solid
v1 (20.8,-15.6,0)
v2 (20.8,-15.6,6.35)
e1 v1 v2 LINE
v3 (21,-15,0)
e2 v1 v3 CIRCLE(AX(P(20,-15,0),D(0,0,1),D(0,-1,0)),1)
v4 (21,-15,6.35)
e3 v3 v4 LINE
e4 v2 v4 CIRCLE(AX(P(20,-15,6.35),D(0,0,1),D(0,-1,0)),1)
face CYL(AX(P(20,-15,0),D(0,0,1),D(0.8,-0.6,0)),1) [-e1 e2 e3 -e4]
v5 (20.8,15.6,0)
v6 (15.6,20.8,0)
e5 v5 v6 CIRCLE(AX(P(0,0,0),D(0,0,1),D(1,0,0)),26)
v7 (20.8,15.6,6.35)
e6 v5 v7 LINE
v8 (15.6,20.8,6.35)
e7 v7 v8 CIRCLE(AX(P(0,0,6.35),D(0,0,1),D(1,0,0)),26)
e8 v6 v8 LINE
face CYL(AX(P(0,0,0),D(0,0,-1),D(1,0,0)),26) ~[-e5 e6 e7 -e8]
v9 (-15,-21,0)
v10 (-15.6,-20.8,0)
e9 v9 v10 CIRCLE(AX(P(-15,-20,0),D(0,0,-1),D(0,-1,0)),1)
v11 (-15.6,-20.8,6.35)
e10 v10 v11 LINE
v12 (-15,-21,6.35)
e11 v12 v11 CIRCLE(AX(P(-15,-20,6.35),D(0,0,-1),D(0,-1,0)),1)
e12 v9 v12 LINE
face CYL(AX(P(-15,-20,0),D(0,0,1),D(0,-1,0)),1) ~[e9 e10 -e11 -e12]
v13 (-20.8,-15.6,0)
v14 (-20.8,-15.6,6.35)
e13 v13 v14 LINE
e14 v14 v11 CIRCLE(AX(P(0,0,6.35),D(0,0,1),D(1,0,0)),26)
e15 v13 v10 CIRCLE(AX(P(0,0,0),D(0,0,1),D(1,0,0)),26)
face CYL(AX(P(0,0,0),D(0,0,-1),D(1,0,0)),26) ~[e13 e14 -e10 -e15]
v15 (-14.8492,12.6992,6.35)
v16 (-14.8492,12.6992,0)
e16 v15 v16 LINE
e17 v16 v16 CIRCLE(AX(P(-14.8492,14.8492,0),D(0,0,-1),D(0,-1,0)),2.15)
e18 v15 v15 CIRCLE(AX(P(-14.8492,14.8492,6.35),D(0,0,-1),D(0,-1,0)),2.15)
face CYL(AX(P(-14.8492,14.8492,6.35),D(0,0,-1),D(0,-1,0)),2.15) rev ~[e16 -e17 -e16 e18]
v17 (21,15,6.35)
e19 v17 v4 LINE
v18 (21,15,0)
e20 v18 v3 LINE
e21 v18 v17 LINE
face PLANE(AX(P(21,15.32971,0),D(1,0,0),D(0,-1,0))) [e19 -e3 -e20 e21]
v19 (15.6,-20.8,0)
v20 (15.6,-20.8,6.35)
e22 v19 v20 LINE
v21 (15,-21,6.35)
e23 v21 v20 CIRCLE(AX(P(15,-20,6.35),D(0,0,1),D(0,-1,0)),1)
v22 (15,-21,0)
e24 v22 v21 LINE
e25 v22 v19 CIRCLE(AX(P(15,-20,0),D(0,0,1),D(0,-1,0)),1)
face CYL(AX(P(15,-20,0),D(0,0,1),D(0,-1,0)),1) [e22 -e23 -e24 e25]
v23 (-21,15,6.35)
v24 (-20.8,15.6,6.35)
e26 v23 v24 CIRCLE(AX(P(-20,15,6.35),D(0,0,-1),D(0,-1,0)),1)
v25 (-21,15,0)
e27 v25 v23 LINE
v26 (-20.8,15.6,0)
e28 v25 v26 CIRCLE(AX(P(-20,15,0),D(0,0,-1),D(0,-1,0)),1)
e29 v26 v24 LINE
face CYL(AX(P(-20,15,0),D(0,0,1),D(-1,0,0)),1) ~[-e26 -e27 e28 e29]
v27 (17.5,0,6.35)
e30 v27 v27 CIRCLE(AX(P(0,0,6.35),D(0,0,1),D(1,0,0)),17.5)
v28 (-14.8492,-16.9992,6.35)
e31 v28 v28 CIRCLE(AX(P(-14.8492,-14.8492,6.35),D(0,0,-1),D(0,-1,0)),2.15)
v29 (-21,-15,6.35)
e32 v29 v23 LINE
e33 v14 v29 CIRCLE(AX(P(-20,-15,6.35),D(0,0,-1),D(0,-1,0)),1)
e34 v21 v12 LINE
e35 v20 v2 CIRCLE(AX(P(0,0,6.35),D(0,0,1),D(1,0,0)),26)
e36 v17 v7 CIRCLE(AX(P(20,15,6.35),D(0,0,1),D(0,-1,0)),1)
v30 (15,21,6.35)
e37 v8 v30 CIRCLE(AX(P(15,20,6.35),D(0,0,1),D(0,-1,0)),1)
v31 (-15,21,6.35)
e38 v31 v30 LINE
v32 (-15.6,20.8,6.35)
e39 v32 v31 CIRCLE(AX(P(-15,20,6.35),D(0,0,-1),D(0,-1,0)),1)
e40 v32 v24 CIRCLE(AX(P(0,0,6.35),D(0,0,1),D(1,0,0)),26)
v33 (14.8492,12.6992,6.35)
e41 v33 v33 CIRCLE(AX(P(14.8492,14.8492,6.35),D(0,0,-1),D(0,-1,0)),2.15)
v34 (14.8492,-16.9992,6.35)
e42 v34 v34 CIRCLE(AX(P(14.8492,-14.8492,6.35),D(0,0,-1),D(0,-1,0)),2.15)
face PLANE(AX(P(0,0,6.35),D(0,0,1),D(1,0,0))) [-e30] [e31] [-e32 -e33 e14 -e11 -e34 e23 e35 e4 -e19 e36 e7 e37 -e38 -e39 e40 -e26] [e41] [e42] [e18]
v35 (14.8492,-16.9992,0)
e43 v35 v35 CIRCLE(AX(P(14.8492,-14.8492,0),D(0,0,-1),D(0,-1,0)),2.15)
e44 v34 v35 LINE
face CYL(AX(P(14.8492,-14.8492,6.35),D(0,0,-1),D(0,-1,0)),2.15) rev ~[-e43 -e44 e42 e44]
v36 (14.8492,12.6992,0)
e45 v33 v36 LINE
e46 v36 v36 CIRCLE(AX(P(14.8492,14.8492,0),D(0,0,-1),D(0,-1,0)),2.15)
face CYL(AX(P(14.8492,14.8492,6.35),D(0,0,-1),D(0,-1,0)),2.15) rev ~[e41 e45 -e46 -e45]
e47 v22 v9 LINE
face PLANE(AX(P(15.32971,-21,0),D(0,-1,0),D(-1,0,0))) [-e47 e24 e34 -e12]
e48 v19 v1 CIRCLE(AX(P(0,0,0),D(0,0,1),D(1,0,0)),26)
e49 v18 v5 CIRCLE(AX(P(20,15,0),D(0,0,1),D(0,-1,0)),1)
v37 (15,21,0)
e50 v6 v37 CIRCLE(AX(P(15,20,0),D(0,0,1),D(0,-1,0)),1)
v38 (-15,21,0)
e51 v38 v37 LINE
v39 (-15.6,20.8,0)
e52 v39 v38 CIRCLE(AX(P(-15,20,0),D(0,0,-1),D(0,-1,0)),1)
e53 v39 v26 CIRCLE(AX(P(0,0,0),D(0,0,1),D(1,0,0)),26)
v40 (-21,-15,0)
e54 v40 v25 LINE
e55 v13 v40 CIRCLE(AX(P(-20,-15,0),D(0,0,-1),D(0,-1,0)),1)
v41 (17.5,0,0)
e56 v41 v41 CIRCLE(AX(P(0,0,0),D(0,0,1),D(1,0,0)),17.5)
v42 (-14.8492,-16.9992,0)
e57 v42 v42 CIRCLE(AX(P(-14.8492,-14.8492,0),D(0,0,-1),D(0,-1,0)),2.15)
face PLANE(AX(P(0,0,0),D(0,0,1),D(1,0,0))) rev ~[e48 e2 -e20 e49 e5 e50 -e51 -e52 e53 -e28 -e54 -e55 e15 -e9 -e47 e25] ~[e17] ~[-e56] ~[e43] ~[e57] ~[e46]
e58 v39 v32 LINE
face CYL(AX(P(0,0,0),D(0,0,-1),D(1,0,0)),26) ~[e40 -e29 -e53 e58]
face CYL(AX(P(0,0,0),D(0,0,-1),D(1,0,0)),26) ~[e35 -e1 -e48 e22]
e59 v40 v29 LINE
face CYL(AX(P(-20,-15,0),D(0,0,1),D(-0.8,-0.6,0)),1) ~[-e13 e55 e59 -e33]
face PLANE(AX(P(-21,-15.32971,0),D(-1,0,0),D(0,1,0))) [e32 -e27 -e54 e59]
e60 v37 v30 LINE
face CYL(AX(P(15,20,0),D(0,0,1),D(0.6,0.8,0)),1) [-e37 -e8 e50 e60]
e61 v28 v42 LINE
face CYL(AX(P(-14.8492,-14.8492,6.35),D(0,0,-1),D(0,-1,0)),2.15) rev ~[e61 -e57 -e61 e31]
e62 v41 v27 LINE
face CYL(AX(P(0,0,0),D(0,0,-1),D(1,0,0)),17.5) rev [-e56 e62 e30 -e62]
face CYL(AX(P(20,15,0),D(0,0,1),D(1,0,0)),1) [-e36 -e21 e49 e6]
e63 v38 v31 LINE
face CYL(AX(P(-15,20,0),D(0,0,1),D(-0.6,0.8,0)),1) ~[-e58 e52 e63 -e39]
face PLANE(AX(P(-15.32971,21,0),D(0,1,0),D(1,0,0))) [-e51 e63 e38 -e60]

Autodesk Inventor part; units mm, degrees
ref_plane "YZ Plane" through (0, 0, 0) normal (1, 0, 0) x (0, 1, 0)
ref_plane "XZ Plane" through (0, 0, 0) normal (0, 1, 0) x (-1, 0, 0)
ref_plane "XY Plane" through (0, 0, 0) normal (0, 0, 1) x (1, 0, 0)
sketch "Sketch1" plane through (0, 0, 0) normal (0, 0, 1) x (1, 0, 0)
  line L0 (21, -21) -> (-21, -21)
  line L1 (-21, -21) -> (-21, 21)
  line L2 (-21, 21) -> (21, 21)
  line L3 (21, 21) -> (21, -21)
  line L4 (21, -21) -> (-21, 21) construction
  line L5 (-21, -21) -> (21, 21) construction
  circle A0 centre (0, 0) radius 17.5
  circle A1 centre (0, 0) radius 26
  line L6 (0, 0) -> (-9.5671, 23.097) construction
  line L7 (0, 0) -> (0, 21) construction
  point P0 (-15.3297, 21)
  point P1 (-21, 15.3297)
  point P2 (-21, -15.3297)
  point P3 (-15.3297, -21)
  point P4 (15.3297, -21)
  point P5 (21, -15.3297)
  point P6 (21, 15.3297)
  point P7 (15.3297, 21)
  dimension "d0" = 42
  dimension "d1" = 42
  dimension "d2" = 35
  dimension "d3" = 52
  dimension "d4" = 25
  dimension "d5" = 22.5
extrude "Extrusion1" add sketch "Sketch1" along normal blind 6.35 contours L0 A1 L1 L2 L3
sketch "Sketch2" plane through (0, 0, 6.35) normal (0, 0, 1) x (1, 0, 0)
  line L0 (14.8492, -14.8492) -> (-14.8492, -14.8492)
  line L1 (-14.8492, -14.8492) -> (-14.8492, 14.8492)
  line L2 (-14.8492, 14.8492) -> (14.8492, 14.8492)
  line L3 (14.8492, 14.8492) -> (14.8492, -14.8492)
  line L4 (14.8492, -14.8492) -> (-14.8492, 14.8492) construction
  line L5 (-14.8492, -14.8492) -> (14.8492, 14.8492) construction
  point P0 (0, 0)
  dimension "d20" = 42
hole "Hole2" at (-14.8492, 14.8492, 6.35) at (14.8492, 14.8492, 6.35) at (14.8492, -14.8492, 6.35) at (-14.8492, -14.8492, 6.35) direction (0, 0, -1) diameter 4.3 end through all
fillet "Fillet1" radius 1 8 edges at (15.3297, -21, 3.175) (21, -15.3297, 3.175) (-21, -15.3297, 3.175) (-15.3297, -21, 3.175) (21, 15.3297, 3.175) (15.3297, 21, 3.175) (-21, 15.3297, 3.175) (-15.3297, 21, 3.175)
properties part number "Ballscrew Spacer"
